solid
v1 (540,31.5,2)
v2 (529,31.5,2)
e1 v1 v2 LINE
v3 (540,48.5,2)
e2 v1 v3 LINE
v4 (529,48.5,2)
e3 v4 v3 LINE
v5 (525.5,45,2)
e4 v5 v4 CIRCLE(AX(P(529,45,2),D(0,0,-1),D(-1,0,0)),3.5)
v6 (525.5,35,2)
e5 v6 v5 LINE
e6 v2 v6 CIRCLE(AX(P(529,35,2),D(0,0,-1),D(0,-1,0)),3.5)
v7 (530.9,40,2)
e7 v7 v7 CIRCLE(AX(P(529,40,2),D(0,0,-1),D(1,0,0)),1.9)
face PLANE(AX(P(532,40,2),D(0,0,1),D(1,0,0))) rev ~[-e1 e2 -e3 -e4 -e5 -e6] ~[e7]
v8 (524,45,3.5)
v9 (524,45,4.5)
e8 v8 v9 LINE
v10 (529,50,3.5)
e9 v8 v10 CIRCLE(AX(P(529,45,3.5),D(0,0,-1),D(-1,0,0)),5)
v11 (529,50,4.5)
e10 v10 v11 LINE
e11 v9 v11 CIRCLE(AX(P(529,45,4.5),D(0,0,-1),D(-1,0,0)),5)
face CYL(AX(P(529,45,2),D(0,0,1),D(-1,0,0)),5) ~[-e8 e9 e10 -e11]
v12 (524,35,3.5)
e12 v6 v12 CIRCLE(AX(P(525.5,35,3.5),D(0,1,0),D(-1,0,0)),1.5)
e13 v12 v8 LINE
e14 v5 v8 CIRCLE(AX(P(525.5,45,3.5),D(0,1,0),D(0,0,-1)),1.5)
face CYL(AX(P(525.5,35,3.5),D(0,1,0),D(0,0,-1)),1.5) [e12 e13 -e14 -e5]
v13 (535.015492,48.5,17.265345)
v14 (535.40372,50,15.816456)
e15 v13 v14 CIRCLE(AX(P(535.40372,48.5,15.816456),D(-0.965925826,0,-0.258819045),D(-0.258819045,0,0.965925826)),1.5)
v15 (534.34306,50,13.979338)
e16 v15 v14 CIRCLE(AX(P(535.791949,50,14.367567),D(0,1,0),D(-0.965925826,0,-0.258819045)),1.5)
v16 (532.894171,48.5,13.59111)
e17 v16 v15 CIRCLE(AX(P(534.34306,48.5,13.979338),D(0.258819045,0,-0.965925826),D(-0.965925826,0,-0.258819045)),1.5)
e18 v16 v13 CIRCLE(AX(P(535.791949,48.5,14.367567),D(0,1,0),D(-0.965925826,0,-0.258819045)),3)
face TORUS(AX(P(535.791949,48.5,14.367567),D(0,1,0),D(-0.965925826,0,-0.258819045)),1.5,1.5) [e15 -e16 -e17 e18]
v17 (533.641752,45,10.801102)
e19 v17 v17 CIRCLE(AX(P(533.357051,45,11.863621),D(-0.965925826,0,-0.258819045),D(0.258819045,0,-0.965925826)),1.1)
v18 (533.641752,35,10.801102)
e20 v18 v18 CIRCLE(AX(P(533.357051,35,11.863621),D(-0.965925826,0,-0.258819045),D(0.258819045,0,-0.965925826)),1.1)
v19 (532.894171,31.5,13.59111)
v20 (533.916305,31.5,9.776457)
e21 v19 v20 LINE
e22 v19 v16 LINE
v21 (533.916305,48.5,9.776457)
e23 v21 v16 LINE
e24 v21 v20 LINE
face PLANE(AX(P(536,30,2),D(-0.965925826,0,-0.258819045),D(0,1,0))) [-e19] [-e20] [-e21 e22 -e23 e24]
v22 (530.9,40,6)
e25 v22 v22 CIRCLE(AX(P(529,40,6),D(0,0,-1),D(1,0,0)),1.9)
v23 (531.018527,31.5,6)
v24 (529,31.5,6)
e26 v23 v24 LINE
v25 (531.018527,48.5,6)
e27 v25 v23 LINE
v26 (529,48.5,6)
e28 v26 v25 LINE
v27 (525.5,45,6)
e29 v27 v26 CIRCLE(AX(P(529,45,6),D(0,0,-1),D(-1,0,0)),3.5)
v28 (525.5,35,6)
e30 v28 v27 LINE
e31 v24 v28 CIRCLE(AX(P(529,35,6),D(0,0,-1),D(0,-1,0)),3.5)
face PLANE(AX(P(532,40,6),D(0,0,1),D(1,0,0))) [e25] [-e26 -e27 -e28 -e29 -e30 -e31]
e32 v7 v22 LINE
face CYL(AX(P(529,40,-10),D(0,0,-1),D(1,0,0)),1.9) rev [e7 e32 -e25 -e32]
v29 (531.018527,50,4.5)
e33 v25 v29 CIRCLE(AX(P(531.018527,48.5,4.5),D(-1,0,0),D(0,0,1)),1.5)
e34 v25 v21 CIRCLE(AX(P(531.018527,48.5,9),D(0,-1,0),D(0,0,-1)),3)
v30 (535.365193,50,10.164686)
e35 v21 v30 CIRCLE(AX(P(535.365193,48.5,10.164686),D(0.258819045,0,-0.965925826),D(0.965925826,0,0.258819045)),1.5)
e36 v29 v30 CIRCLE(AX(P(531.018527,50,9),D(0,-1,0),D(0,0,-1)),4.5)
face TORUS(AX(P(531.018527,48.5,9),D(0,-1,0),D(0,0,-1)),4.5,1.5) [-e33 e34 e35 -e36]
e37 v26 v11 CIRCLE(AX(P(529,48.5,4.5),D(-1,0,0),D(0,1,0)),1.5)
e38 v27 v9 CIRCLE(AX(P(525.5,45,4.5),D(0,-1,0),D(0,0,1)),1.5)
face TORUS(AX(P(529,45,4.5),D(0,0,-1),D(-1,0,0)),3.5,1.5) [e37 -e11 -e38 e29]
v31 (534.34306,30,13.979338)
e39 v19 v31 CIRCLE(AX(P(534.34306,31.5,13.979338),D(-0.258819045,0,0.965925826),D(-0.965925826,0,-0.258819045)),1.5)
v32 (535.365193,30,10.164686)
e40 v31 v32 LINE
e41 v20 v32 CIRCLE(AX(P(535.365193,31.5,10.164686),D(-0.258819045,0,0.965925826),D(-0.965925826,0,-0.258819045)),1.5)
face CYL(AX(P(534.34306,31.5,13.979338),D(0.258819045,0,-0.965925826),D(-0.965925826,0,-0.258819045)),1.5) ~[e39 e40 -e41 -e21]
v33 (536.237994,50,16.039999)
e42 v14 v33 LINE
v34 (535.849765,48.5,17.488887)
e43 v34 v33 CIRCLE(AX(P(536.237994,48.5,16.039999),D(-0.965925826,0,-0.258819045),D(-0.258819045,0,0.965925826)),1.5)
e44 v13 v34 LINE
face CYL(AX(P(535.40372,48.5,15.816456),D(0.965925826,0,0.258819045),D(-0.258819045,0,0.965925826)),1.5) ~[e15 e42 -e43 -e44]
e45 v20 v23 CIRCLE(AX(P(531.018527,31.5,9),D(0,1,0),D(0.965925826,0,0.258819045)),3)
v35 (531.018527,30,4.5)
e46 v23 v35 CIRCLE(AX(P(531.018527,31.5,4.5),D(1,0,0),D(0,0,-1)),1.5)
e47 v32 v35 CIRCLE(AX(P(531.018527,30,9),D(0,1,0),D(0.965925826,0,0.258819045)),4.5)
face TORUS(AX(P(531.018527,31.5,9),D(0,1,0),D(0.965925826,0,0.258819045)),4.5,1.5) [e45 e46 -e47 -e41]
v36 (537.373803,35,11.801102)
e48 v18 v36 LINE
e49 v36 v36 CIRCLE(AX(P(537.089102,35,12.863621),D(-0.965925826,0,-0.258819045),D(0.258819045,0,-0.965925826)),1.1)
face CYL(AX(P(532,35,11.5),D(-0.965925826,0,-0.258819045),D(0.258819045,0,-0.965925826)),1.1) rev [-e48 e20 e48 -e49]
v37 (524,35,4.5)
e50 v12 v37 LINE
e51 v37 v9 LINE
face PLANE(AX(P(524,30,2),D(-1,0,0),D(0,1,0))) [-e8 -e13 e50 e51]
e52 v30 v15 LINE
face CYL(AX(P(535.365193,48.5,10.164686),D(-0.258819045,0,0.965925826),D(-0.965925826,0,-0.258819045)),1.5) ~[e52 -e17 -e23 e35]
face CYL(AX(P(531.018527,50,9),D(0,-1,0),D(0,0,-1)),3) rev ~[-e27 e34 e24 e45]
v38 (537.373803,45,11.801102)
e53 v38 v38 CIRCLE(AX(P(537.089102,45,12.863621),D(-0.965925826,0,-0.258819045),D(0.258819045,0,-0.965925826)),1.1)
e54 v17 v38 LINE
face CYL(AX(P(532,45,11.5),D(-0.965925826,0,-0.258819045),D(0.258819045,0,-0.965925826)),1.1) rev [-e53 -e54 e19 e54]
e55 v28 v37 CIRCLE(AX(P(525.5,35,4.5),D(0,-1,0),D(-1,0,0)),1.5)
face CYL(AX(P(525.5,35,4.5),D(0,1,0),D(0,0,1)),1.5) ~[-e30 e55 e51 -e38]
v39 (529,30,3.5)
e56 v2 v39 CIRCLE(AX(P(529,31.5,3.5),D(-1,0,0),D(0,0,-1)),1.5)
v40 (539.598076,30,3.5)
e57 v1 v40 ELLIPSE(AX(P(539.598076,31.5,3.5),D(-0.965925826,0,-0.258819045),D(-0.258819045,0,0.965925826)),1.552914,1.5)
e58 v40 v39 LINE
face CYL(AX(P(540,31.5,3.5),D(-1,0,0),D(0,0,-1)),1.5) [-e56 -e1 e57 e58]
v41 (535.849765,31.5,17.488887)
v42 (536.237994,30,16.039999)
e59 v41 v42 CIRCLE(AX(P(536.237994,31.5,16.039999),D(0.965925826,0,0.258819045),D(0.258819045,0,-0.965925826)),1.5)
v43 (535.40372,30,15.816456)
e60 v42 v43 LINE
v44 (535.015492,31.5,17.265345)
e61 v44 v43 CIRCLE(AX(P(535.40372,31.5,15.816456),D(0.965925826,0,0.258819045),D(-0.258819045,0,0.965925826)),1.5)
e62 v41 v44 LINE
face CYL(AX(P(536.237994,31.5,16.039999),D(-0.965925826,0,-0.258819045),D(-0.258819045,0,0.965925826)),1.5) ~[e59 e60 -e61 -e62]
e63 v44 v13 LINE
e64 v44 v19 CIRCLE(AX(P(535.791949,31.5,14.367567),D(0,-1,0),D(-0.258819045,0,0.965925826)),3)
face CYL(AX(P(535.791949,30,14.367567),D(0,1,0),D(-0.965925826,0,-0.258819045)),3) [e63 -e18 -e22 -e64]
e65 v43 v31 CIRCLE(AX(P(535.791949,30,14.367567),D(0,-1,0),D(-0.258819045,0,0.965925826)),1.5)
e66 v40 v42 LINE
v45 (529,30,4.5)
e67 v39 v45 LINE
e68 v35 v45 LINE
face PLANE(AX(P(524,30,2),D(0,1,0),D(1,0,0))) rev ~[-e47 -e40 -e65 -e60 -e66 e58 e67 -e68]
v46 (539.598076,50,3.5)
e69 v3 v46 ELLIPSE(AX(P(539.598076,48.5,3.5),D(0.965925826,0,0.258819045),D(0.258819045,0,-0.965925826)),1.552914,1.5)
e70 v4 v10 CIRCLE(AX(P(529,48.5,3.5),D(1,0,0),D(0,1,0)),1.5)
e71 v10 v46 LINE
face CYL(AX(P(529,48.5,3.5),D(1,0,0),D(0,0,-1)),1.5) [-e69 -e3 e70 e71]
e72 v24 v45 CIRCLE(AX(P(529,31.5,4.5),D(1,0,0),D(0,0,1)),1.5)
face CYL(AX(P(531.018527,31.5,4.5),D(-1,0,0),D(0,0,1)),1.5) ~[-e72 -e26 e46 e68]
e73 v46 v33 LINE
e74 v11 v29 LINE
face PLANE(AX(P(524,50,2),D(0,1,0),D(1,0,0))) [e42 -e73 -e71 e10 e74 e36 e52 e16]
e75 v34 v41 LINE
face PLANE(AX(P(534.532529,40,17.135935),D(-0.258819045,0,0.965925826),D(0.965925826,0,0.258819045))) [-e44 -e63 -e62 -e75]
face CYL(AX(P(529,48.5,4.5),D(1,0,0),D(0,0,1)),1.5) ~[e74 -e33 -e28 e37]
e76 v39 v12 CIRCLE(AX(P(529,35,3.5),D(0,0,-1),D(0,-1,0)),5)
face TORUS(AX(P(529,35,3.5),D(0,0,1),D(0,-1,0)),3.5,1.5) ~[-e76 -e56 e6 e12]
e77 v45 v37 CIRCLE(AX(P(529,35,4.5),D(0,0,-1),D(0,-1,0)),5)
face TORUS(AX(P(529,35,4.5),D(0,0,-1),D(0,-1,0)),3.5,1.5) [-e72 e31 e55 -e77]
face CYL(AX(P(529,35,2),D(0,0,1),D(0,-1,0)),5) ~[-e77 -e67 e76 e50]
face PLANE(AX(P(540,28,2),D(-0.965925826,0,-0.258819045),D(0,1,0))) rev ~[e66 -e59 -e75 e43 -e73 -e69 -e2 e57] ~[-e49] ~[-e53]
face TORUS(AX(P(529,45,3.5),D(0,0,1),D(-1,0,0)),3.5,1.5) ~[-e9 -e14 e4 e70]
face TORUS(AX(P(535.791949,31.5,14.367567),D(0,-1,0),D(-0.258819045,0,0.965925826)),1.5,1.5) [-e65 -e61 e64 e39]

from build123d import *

# Parameters (mm, degrees)
CYLINDER081_R               = 1.9
CYLINDER081_DEPTH           = 20
BOX082_W                    = 3
BOX082_H                    = 24
BOX082_DEPTH                = 20
BOX082_PITCH_ANGLE          = -15
CYLINDER082_R               = 1.1
CYLINDER082_DEPTH           = 20
CYLINDER082_PLACEMENT_ANGLE = 75
CYLINDER083_R               = 1.1
CYLINDER083_DEPTH           = 20
CYLINDER083_PLACEMENT_ANGLE = 75
BOX080_W                    = 5
BOX080_H                    = 20
BOX080_DEPTH                = 15
BOX080_PITCH_ANGLE          = -15
BOX081_W                    = 16
BOX081_H                    = 20
BOX081_DEPTH                = 4
FILLET019_R                 = 5
FILLET021_R                 = 3
FILLET022_R                 = 3
FILLET023_R                 = 1.5


with BuildPart() as cylinder081:
    # Cylinder081 → Cylinder081 (new body)
    with BuildSketch(Plane(origin=(529, 40, -10), x_dir=(1, 0, 0), z_dir=(0, 0, 1))):
        Circle(CYLINDER081_R)
    extrude(amount=CYLINDER081_DEPTH)


with BuildPart() as cube054:
    # Box082 → Box082 (new body)
    with BuildSketch(Plane.XY):
        with Locations((1.5, 12)):
            Rectangle(BOX082_W, BOX082_H)
    extrude(amount=BOX082_DEPTH)


with BuildPart() as cube054_1:
    # Box082 pitch: moved
    add(cube054.part.rotate(Axis((0, 0, 0), (0, 1, 0)), BOX082_PITCH_ANGLE))


with BuildPart() as cube054_2:
    # Box082 placement: moved
    add(cube054_1.part.moved(Location((540, 28, 2))))


with BuildPart() as cylinder082:
    # Cylinder082 → Cylinder082 (new body)
    with BuildSketch(Plane.XY):
        Circle(CYLINDER082_R)
    extrude(amount=CYLINDER082_DEPTH)


with BuildPart() as cylinder082_1:
    # Cylinder082 placement: moved
    add(cylinder082.part.moved(Location((532, 35, 7.5))).rotate(Axis((532, 35, 7.5), (0, 1, 0)), CYLINDER082_PLACEMENT_ANGLE))


with BuildPart() as fusion090:
    # Cylinder083 → Cylinder083 (new body)
    with BuildSketch(Plane.XY):
        Circle(CYLINDER083_R)
    extrude(amount=CYLINDER083_DEPTH)


with BuildPart() as fusion090_1:
    # Cylinder083 placement: moved
    add(fusion090.part.moved(Location((532, 45, 7.5))).rotate(Axis((532, 45, 7.5), (0, 1, 0)), CYLINDER083_PLACEMENT_ANGLE))

    # Fusion090: union Cylinder082
    add(cylinder082_1.part)


with BuildPart() as fusion090_2:
    # Fusion090 placement: moved
    add(fusion090_1.part.moved(Location((0, 0, 4))))


with BuildPart() as cube052:
    # Box080 → Box080 (new body)
    with BuildSketch(Plane.XY):
        with Locations((2.5, 10)):
            Rectangle(BOX080_W, BOX080_H)
    extrude(amount=BOX080_DEPTH)


with BuildPart() as cube052_1:
    # Box080 pitch: moved
    add(cube052.part.rotate(Axis((0, 0, 0), (0, 1, 0)), BOX080_PITCH_ANGLE))


with BuildPart() as cube052_2:
    # Box080 placement: moved
    add(cube052_1.part.moved(Location((536, 30, 2))))


with BuildPart() as rear_door_closure_lock:
    # Box081 → Box081 (new body)
    with BuildSketch(Plane(origin=(524, 30, 2), x_dir=(1, 0, 0), z_dir=(0, 0, 1))):
        with Locations((8, 10)):
            Rectangle(BOX081_W, BOX081_H)
    extrude(amount=BOX081_DEPTH)

    # Fusion095: union Cube052
    add(cube052_2.part)

    # Cut102: cut Fusion090
    add(fusion090_2.part, mode=Mode.SUBTRACT)

    # Cut103: cut Cube054
    add(cube054_2.part, mode=Mode.SUBTRACT)

    # Cut104: cut Cylinder081
    add(cylinder081.part, mode=Mode.SUBTRACT)

    # Fillet019
    fillet019_edges = [rear_door_closure_lock.edges().sort_by_distance(p)[0] for p in [
        (524, 30, 4),
        (524, 50, 4),
    ]]
    fillet(fillet019_edges, radius=FILLET019_R)

    # Fillet021
    fillet021_edges = [rear_door_closure_lock.edges().sort_by_distance(p)[0] for p in [
        (534.928203, 40, 6),
    ]]
    fillet(fillet021_edges, radius=FILLET021_R)

    # Fillet022
    fillet022_edges = [rear_door_closure_lock.edges().sort_by_distance(p)[0] for p in [
        (532.117714, 40, 16.488887),
    ]]
    fillet(fillet022_edges, radius=FILLET022_R)

    # Fillet023
    fillet023_edges = [rear_door_closure_lock.edges().sort_by_distance(p)[0] for p in [
        (524, 40, 6),
        (524, 40, 2),
    ]]
    fillet(fillet023_edges, radius=FILLET023_R)


solid = rear_door_closure_lock.part
